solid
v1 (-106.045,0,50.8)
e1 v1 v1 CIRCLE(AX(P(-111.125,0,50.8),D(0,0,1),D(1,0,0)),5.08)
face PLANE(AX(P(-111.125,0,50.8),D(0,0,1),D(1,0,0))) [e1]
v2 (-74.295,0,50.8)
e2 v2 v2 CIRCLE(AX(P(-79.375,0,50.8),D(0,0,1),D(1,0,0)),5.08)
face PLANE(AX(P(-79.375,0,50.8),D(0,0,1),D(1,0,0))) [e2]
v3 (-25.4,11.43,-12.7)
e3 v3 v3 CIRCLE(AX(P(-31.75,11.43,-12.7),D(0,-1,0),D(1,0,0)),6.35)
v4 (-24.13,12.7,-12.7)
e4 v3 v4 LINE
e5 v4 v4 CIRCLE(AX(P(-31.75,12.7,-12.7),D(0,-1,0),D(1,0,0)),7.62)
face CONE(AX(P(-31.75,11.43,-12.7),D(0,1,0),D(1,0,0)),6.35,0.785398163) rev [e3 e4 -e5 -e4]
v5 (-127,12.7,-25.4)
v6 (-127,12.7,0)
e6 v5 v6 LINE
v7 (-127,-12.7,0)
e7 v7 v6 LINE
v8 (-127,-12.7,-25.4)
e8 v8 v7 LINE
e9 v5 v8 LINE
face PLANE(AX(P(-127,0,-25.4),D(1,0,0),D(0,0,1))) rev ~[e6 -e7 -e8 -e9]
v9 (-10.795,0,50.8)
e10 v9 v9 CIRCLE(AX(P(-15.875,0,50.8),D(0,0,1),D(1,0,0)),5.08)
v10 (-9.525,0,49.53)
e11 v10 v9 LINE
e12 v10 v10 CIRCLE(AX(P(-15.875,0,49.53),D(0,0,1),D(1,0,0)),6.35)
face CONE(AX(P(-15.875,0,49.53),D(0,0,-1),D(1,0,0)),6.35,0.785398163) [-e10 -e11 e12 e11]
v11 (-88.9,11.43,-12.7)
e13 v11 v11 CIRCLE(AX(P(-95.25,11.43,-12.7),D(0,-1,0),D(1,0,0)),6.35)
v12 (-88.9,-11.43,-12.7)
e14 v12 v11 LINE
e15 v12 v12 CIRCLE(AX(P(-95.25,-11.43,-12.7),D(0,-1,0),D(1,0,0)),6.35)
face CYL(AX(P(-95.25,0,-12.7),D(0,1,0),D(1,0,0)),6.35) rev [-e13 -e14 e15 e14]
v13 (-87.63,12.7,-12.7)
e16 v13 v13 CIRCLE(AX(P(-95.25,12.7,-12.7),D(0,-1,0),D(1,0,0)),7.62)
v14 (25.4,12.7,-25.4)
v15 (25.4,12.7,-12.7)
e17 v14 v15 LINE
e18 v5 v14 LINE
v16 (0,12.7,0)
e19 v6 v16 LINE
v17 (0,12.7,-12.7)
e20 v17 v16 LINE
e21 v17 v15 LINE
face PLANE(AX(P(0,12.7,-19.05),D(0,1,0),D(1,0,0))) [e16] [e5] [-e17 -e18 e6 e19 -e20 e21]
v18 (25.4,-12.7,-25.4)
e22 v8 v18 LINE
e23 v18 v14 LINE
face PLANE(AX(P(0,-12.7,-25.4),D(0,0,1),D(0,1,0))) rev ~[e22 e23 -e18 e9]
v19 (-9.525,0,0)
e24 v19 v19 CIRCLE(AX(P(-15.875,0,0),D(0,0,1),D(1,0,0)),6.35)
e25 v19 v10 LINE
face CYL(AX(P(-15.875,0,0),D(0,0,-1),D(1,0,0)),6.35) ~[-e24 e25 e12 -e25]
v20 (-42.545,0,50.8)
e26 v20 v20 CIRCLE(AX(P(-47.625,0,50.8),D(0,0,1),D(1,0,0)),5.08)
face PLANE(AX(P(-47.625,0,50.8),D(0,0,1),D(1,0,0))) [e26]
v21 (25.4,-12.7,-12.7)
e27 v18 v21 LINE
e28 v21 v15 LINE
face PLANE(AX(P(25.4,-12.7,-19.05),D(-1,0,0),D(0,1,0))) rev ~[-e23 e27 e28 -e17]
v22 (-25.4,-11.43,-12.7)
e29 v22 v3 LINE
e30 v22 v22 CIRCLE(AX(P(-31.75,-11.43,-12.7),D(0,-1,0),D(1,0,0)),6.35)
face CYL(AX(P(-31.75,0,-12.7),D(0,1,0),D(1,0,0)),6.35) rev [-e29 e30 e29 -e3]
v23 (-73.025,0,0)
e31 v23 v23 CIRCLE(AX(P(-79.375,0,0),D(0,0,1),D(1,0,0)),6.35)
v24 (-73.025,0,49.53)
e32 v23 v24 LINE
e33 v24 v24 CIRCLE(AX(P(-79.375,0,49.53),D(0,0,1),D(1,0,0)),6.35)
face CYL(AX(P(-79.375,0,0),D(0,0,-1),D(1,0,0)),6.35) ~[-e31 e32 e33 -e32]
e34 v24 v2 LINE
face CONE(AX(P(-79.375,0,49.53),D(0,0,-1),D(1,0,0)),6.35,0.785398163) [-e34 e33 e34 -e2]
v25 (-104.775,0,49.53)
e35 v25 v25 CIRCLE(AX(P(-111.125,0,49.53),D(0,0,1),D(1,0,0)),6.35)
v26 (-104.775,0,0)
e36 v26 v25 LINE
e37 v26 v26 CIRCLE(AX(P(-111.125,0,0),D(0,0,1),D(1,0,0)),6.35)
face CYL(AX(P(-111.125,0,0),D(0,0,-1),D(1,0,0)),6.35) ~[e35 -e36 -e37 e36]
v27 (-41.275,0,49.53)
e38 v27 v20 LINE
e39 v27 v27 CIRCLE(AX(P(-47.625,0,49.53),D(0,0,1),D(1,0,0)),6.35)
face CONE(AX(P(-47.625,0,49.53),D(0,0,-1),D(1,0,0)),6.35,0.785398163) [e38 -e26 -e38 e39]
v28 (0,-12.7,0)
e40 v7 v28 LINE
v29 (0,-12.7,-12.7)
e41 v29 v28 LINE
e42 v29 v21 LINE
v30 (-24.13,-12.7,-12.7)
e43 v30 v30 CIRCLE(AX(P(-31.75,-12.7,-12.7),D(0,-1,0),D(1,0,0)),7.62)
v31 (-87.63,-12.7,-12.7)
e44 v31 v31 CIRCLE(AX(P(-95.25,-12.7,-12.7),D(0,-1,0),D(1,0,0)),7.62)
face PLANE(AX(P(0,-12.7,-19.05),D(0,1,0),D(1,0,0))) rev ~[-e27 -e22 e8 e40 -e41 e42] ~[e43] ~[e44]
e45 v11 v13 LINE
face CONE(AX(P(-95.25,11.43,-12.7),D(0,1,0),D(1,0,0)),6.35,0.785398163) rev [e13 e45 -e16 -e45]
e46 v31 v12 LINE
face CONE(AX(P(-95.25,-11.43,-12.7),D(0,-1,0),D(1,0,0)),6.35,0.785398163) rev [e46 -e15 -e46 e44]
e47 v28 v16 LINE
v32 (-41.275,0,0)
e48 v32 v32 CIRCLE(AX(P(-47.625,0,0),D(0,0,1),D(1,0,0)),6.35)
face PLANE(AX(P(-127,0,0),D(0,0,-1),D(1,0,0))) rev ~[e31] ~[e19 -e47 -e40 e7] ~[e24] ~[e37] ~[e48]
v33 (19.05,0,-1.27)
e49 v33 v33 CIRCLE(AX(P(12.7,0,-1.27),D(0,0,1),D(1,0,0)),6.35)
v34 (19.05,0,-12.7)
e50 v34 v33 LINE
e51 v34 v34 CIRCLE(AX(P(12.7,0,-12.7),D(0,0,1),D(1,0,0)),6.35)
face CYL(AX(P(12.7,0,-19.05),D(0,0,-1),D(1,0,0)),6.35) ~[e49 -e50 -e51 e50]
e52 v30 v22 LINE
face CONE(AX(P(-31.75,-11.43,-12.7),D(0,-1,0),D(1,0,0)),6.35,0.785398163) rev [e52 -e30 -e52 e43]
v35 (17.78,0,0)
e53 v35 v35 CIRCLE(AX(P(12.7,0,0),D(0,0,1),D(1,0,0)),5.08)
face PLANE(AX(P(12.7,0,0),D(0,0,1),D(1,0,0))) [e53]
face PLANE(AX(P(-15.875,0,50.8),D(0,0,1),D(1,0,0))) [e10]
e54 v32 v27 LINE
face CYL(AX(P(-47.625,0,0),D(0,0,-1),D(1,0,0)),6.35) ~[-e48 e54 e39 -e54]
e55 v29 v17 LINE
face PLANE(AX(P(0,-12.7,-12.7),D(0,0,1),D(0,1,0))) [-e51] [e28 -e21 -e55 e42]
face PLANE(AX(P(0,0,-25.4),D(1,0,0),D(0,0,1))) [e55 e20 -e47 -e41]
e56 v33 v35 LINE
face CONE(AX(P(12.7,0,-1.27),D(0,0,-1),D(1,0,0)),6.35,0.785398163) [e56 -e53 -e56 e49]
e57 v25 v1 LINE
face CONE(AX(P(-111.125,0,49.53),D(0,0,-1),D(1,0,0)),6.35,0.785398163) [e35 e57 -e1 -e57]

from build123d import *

# Parameters (mm, degrees)
F0_W      = 127
F0_H      = 25.4
F0_R      = 6.35
F1_DEPTH  = 12.7
F2_SIZE   = 1.27
F3_W      = 25.4
F3_H      = 6.35
F4_DEPTH  = 25.4
F5_R      = 6.35
F6_DEPTH  = 19.05
F7_DEPTH  = 6.35
F8_SIZE   = 1.27
F9_R      = 6.35
F10_DEPTH = 50.8
F11_SIZE  = 1.27


with BuildPart() as f1:
    # F0 (on Front) → F1 (new body, symmetric)
    with BuildSketch(Plane.XZ):
        with Locations((-63.5, -12.7)):
            Rectangle(F0_W, F0_H)
        with Locations((-95.25, -12.7)):
            Circle(F0_R, mode=Mode.SUBTRACT)
        with Locations((-31.75, -12.7)):
            Circle(F0_R, mode=Mode.SUBTRACT)
    extrude(amount=F1_DEPTH, both=True)

    # F2
    f2_edges = [f1.edges().sort_by_distance(p)[0] for p in [
        (-101.6, -12.7, -12.7),
        (-38.1, -12.7, -12.7),
        (-101.6, 12.7, -12.7),
        (-38.1, 12.7, -12.7),
    ]]
    chamfer(f2_edges, length=F2_SIZE)

    # F3 (on face) → F4 (join)
    with BuildSketch(Plane.YZ):
        with Locations((0, -22.225)):
            Rectangle(F3_W, F3_H)
    extrude(amount=F4_DEPTH)

    # F5 (on face) → F6 (join)
    with BuildSketch(Plane.XY.offset(-19.05)):
        with Locations((12.7, 0)):
            Circle(F5_R)
    extrude(amount=F6_DEPTH)

    # F7 (add): a face of the model
    f7_faces = [f1.faces().sort_by_distance(p)[0] for p in [
        (12.7, 12.3407897552, -19.05),
    ]]
    extrude(f7_faces, amount=F7_DEPTH)

    # F8
    f8_edges = [f1.edges().sort_by_distance(p)[0] for p in [
        (6.35, 0, 0),
    ]]
    chamfer(f8_edges, length=F8_SIZE)

    # F9 (on face) → F10 (join)
    with BuildSketch(Plane.XY):
        with Locations((-15.875, 0)):
            Circle(F9_R)
        with Locations((-47.625, 0)):
            Circle(F9_R)
        with Locations((-79.375, 0)):
            Circle(F9_R)
        with Locations((-111.125, 0)):
            Circle(F9_R)
    extrude(amount=F10_DEPTH)

    # F11
    f11_edges = [f1.edges().sort_by_distance(p)[0] for p in [
        (-22.225, 0, 50.8),
        (-53.975, 0, 50.8),
        (-85.725, 0, 50.8),
        (-117.475, 0, 50.8),
    ]]
    chamfer(f11_edges, length=F11_SIZE)


solid = f1.part
